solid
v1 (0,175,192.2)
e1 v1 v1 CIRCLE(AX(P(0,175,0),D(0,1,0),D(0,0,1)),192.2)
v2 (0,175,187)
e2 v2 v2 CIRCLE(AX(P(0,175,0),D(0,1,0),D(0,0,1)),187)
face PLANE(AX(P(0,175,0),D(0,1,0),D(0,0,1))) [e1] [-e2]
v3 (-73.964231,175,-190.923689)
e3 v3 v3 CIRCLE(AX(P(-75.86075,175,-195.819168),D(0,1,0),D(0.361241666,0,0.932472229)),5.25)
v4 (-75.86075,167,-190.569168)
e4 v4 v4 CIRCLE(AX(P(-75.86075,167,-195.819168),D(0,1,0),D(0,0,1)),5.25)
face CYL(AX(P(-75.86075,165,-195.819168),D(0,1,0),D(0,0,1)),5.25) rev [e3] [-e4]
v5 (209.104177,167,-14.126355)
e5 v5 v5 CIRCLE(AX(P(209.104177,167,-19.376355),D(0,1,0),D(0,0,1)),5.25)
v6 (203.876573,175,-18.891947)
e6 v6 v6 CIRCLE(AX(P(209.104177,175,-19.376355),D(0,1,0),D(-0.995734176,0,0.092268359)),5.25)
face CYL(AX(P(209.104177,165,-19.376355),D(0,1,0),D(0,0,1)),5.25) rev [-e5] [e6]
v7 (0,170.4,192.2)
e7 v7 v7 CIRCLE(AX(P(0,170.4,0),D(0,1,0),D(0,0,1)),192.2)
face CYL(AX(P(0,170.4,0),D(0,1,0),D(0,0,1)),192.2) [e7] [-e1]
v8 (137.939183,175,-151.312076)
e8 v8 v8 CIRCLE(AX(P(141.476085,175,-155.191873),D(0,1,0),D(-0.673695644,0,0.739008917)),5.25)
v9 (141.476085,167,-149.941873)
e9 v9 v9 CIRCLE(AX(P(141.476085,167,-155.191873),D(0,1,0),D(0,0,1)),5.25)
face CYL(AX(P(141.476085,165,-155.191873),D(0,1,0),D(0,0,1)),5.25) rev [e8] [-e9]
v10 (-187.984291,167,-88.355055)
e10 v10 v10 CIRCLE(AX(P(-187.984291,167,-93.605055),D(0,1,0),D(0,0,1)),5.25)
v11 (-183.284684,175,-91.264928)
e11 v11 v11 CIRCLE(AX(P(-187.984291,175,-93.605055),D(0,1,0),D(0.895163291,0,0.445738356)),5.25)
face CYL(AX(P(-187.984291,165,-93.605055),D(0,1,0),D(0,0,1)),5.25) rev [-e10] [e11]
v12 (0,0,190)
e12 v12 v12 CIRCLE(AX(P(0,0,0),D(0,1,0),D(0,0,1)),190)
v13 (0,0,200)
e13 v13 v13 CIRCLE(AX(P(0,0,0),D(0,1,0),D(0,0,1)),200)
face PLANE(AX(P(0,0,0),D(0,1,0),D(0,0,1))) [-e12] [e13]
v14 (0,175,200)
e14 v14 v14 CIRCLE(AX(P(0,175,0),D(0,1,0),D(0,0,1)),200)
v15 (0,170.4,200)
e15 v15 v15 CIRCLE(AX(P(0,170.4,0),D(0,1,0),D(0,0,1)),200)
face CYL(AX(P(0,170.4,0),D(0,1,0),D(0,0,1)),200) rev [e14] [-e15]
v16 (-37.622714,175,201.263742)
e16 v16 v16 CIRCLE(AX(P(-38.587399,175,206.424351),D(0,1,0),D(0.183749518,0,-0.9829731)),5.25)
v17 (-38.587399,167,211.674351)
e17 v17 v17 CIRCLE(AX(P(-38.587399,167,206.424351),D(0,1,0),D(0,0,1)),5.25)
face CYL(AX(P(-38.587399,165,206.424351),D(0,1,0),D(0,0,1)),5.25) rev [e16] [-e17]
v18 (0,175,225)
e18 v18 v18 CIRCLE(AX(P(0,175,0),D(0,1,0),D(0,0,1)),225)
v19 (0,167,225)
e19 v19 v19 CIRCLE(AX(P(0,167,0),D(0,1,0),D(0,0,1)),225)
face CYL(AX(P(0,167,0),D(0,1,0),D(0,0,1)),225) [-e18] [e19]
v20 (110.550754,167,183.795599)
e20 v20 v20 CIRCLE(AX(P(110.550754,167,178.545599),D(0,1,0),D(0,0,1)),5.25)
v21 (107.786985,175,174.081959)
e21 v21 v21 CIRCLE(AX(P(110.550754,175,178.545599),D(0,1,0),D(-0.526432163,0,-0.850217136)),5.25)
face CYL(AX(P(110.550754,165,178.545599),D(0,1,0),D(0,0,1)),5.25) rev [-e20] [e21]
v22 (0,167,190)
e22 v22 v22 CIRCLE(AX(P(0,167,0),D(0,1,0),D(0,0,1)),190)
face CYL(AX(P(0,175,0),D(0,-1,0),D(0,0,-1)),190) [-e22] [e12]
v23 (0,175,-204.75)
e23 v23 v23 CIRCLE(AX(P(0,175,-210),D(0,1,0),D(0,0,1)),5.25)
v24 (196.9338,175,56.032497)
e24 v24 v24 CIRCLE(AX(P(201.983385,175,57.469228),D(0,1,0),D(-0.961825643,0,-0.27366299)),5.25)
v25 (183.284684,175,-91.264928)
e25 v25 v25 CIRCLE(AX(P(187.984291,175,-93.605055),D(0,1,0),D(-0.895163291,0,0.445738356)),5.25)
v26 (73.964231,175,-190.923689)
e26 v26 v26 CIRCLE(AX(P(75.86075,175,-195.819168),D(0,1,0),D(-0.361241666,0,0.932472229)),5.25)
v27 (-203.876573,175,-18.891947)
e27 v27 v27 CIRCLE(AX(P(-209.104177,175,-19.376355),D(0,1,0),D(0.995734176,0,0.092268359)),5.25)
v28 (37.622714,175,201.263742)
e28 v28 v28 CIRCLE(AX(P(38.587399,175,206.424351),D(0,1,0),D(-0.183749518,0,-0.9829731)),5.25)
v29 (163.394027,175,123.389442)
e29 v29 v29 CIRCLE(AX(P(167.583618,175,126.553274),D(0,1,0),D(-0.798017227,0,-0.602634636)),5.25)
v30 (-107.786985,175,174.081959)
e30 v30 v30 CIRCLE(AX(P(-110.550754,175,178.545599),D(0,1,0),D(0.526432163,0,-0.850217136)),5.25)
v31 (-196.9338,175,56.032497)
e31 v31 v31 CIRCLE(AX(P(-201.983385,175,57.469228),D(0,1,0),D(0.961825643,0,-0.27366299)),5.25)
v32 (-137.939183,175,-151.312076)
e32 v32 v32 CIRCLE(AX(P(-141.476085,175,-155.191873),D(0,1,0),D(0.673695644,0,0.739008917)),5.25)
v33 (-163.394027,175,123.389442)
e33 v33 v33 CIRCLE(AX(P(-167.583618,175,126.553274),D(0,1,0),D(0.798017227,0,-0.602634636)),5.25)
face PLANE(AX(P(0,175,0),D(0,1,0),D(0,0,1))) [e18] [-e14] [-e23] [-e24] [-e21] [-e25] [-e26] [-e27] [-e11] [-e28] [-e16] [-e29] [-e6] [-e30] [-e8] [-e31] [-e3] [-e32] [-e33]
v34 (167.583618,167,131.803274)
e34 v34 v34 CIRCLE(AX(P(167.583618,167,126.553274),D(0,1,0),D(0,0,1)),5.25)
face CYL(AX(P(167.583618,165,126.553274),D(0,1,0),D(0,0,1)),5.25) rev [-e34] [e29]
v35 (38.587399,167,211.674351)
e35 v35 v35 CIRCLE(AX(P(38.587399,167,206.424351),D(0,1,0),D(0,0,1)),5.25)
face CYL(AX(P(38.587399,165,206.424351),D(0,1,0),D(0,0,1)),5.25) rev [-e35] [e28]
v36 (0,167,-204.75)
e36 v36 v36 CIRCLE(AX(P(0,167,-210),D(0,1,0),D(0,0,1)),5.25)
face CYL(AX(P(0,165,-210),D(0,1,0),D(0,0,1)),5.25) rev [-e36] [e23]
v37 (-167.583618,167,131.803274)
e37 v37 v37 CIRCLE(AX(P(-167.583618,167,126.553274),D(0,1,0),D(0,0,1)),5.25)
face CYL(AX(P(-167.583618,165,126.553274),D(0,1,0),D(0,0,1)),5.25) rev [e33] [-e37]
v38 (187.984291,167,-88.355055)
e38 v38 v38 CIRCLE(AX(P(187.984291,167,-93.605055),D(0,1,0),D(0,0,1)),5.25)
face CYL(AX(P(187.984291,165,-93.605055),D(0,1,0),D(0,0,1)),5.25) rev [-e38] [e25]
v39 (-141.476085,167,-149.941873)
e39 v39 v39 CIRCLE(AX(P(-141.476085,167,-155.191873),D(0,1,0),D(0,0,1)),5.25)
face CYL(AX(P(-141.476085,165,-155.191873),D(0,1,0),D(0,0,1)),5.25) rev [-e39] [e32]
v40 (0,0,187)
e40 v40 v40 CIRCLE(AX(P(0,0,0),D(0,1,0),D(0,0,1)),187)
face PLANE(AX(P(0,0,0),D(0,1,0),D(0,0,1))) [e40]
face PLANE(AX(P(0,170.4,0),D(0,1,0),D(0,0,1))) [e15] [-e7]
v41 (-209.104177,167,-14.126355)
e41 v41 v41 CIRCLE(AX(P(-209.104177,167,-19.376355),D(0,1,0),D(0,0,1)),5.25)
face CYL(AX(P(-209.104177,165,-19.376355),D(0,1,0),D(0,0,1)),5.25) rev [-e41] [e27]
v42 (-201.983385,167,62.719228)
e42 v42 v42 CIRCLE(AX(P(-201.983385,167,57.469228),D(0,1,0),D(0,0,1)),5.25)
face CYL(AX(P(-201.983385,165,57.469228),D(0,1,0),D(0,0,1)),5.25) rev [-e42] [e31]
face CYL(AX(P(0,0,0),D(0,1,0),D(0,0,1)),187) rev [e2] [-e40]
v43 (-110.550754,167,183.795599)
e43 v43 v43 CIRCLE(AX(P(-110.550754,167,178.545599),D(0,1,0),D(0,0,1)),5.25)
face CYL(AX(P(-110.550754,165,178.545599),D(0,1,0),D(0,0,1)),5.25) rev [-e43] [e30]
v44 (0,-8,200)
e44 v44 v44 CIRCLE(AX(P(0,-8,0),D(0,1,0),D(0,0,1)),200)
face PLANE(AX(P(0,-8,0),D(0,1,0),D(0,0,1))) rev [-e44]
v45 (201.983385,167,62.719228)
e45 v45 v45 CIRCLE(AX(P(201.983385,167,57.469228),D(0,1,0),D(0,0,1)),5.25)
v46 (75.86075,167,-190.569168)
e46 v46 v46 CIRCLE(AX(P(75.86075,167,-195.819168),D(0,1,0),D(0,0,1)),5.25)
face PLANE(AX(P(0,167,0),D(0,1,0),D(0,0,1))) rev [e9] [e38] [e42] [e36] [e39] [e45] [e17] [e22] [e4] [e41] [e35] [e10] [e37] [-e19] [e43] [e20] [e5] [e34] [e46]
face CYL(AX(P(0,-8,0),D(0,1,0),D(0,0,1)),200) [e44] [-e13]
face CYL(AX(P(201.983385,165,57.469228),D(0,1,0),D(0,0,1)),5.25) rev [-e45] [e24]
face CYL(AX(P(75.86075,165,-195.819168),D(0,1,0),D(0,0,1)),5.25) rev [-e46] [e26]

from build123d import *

# Parameters (mm, degrees)
SKETCH1_R           = 200
BOSS_EXTRUDE1_DEPTH = 8
SKETCH2_R           = 190
BOSS_EXTRUDE2_DEPTH = 175
SKETCH3_R           = 225
BOSS_EXTRUDE3_DEPTH = 8
SKETCH4_R           = 187
CUT_EXTRUDE1_DEPTH  = 175
SKETCH5_R           = 200
SKETCH5_R_2         = 192.2
CUT_EXTRUDE2_DEPTH  = 4.6
SKETCH6_R           = 5.25
CUT_EXTRUDE3_DEPTH  = 10
CIRPATTERN1_COUNT   = 17


with BuildPart() as part:
    # Sketch1 → Boss-Extrude1 (new body)
    with BuildSketch(Plane(origin=(0, 0, 0), x_dir=(1, 0, 0), z_dir=(0, 1, 0))):
        with Locations(Location((0, 0, 0), (0, 0, 270))):
            Circle(SKETCH1_R)
    extrude(amount=-BOSS_EXTRUDE1_DEPTH)

    # Sketch2 → Boss-Extrude2 (add)
    with BuildSketch(Plane(origin=(0, 0, 0), x_dir=(1, 0, 0), z_dir=(0, 1, 0))):
        with Locations(Location((0, 0, 0), (0, 0, 270))):
            Circle(SKETCH2_R)
    extrude(amount=BOSS_EXTRUDE2_DEPTH)

    # Sketch3 → Boss-Extrude3 (add)
    with BuildSketch(Plane(origin=(0, 175, 0), x_dir=(1, 0, 0), z_dir=(0, 1, 0))):
        with Locations(Location((0, 0, 0), (0, 0, 270))):
            Circle(SKETCH3_R)
    extrude(amount=-BOSS_EXTRUDE3_DEPTH)

    # Sketch4 → Cut-Extrude1 (cut)
    with BuildSketch(Plane(origin=(0, 175, 0), x_dir=(1, 0, 0), z_dir=(0, 1, 0))):
        with Locations(Location((0, 0, 0), (0, 0, 270))):
            Circle(SKETCH4_R)
    extrude(amount=-CUT_EXTRUDE1_DEPTH, mode=Mode.SUBTRACT)

    # Sketch5 → Cut-Extrude2 (cut)
    with BuildSketch(Plane(origin=(0, 175, 0), x_dir=(1, 0, 0), z_dir=(0, 1, 0))):
        with Locations(Location((0, 0, 0), (0, 0, 270))):
            Circle(SKETCH5_R)
        with Locations(Location((0, 0, 0), (0, 0, 270))):
            Circle(SKETCH5_R_2, mode=Mode.SUBTRACT)
    extrude(amount=-CUT_EXTRUDE2_DEPTH, mode=Mode.SUBTRACT)

    # Sketch6 → Cut-Extrude3 (cut)
    with BuildSketch(Plane(origin=(0, 175, 0), x_dir=(1, 0, 0), z_dir=(0, 1, 0))):
        with Locations(Location((0, 210, 0), (0, 0, 270))):
            Circle(SKETCH6_R)
    cut_extrude3 = extrude(amount=-CUT_EXTRUDE3_DEPTH, mode=Mode.SUBTRACT)

    # CirPattern1: Cut-Extrude3 ×17 about axis
    cirpattern1_axis = Axis((0, 0, 0), (0, 1, 0))
    for i in range(1, CIRPATTERN1_COUNT):
        add(cut_extrude3.rotate(cirpattern1_axis, i * 360 / CIRPATTERN1_COUNT), mode=Mode.SUBTRACT)


solid = part.part
